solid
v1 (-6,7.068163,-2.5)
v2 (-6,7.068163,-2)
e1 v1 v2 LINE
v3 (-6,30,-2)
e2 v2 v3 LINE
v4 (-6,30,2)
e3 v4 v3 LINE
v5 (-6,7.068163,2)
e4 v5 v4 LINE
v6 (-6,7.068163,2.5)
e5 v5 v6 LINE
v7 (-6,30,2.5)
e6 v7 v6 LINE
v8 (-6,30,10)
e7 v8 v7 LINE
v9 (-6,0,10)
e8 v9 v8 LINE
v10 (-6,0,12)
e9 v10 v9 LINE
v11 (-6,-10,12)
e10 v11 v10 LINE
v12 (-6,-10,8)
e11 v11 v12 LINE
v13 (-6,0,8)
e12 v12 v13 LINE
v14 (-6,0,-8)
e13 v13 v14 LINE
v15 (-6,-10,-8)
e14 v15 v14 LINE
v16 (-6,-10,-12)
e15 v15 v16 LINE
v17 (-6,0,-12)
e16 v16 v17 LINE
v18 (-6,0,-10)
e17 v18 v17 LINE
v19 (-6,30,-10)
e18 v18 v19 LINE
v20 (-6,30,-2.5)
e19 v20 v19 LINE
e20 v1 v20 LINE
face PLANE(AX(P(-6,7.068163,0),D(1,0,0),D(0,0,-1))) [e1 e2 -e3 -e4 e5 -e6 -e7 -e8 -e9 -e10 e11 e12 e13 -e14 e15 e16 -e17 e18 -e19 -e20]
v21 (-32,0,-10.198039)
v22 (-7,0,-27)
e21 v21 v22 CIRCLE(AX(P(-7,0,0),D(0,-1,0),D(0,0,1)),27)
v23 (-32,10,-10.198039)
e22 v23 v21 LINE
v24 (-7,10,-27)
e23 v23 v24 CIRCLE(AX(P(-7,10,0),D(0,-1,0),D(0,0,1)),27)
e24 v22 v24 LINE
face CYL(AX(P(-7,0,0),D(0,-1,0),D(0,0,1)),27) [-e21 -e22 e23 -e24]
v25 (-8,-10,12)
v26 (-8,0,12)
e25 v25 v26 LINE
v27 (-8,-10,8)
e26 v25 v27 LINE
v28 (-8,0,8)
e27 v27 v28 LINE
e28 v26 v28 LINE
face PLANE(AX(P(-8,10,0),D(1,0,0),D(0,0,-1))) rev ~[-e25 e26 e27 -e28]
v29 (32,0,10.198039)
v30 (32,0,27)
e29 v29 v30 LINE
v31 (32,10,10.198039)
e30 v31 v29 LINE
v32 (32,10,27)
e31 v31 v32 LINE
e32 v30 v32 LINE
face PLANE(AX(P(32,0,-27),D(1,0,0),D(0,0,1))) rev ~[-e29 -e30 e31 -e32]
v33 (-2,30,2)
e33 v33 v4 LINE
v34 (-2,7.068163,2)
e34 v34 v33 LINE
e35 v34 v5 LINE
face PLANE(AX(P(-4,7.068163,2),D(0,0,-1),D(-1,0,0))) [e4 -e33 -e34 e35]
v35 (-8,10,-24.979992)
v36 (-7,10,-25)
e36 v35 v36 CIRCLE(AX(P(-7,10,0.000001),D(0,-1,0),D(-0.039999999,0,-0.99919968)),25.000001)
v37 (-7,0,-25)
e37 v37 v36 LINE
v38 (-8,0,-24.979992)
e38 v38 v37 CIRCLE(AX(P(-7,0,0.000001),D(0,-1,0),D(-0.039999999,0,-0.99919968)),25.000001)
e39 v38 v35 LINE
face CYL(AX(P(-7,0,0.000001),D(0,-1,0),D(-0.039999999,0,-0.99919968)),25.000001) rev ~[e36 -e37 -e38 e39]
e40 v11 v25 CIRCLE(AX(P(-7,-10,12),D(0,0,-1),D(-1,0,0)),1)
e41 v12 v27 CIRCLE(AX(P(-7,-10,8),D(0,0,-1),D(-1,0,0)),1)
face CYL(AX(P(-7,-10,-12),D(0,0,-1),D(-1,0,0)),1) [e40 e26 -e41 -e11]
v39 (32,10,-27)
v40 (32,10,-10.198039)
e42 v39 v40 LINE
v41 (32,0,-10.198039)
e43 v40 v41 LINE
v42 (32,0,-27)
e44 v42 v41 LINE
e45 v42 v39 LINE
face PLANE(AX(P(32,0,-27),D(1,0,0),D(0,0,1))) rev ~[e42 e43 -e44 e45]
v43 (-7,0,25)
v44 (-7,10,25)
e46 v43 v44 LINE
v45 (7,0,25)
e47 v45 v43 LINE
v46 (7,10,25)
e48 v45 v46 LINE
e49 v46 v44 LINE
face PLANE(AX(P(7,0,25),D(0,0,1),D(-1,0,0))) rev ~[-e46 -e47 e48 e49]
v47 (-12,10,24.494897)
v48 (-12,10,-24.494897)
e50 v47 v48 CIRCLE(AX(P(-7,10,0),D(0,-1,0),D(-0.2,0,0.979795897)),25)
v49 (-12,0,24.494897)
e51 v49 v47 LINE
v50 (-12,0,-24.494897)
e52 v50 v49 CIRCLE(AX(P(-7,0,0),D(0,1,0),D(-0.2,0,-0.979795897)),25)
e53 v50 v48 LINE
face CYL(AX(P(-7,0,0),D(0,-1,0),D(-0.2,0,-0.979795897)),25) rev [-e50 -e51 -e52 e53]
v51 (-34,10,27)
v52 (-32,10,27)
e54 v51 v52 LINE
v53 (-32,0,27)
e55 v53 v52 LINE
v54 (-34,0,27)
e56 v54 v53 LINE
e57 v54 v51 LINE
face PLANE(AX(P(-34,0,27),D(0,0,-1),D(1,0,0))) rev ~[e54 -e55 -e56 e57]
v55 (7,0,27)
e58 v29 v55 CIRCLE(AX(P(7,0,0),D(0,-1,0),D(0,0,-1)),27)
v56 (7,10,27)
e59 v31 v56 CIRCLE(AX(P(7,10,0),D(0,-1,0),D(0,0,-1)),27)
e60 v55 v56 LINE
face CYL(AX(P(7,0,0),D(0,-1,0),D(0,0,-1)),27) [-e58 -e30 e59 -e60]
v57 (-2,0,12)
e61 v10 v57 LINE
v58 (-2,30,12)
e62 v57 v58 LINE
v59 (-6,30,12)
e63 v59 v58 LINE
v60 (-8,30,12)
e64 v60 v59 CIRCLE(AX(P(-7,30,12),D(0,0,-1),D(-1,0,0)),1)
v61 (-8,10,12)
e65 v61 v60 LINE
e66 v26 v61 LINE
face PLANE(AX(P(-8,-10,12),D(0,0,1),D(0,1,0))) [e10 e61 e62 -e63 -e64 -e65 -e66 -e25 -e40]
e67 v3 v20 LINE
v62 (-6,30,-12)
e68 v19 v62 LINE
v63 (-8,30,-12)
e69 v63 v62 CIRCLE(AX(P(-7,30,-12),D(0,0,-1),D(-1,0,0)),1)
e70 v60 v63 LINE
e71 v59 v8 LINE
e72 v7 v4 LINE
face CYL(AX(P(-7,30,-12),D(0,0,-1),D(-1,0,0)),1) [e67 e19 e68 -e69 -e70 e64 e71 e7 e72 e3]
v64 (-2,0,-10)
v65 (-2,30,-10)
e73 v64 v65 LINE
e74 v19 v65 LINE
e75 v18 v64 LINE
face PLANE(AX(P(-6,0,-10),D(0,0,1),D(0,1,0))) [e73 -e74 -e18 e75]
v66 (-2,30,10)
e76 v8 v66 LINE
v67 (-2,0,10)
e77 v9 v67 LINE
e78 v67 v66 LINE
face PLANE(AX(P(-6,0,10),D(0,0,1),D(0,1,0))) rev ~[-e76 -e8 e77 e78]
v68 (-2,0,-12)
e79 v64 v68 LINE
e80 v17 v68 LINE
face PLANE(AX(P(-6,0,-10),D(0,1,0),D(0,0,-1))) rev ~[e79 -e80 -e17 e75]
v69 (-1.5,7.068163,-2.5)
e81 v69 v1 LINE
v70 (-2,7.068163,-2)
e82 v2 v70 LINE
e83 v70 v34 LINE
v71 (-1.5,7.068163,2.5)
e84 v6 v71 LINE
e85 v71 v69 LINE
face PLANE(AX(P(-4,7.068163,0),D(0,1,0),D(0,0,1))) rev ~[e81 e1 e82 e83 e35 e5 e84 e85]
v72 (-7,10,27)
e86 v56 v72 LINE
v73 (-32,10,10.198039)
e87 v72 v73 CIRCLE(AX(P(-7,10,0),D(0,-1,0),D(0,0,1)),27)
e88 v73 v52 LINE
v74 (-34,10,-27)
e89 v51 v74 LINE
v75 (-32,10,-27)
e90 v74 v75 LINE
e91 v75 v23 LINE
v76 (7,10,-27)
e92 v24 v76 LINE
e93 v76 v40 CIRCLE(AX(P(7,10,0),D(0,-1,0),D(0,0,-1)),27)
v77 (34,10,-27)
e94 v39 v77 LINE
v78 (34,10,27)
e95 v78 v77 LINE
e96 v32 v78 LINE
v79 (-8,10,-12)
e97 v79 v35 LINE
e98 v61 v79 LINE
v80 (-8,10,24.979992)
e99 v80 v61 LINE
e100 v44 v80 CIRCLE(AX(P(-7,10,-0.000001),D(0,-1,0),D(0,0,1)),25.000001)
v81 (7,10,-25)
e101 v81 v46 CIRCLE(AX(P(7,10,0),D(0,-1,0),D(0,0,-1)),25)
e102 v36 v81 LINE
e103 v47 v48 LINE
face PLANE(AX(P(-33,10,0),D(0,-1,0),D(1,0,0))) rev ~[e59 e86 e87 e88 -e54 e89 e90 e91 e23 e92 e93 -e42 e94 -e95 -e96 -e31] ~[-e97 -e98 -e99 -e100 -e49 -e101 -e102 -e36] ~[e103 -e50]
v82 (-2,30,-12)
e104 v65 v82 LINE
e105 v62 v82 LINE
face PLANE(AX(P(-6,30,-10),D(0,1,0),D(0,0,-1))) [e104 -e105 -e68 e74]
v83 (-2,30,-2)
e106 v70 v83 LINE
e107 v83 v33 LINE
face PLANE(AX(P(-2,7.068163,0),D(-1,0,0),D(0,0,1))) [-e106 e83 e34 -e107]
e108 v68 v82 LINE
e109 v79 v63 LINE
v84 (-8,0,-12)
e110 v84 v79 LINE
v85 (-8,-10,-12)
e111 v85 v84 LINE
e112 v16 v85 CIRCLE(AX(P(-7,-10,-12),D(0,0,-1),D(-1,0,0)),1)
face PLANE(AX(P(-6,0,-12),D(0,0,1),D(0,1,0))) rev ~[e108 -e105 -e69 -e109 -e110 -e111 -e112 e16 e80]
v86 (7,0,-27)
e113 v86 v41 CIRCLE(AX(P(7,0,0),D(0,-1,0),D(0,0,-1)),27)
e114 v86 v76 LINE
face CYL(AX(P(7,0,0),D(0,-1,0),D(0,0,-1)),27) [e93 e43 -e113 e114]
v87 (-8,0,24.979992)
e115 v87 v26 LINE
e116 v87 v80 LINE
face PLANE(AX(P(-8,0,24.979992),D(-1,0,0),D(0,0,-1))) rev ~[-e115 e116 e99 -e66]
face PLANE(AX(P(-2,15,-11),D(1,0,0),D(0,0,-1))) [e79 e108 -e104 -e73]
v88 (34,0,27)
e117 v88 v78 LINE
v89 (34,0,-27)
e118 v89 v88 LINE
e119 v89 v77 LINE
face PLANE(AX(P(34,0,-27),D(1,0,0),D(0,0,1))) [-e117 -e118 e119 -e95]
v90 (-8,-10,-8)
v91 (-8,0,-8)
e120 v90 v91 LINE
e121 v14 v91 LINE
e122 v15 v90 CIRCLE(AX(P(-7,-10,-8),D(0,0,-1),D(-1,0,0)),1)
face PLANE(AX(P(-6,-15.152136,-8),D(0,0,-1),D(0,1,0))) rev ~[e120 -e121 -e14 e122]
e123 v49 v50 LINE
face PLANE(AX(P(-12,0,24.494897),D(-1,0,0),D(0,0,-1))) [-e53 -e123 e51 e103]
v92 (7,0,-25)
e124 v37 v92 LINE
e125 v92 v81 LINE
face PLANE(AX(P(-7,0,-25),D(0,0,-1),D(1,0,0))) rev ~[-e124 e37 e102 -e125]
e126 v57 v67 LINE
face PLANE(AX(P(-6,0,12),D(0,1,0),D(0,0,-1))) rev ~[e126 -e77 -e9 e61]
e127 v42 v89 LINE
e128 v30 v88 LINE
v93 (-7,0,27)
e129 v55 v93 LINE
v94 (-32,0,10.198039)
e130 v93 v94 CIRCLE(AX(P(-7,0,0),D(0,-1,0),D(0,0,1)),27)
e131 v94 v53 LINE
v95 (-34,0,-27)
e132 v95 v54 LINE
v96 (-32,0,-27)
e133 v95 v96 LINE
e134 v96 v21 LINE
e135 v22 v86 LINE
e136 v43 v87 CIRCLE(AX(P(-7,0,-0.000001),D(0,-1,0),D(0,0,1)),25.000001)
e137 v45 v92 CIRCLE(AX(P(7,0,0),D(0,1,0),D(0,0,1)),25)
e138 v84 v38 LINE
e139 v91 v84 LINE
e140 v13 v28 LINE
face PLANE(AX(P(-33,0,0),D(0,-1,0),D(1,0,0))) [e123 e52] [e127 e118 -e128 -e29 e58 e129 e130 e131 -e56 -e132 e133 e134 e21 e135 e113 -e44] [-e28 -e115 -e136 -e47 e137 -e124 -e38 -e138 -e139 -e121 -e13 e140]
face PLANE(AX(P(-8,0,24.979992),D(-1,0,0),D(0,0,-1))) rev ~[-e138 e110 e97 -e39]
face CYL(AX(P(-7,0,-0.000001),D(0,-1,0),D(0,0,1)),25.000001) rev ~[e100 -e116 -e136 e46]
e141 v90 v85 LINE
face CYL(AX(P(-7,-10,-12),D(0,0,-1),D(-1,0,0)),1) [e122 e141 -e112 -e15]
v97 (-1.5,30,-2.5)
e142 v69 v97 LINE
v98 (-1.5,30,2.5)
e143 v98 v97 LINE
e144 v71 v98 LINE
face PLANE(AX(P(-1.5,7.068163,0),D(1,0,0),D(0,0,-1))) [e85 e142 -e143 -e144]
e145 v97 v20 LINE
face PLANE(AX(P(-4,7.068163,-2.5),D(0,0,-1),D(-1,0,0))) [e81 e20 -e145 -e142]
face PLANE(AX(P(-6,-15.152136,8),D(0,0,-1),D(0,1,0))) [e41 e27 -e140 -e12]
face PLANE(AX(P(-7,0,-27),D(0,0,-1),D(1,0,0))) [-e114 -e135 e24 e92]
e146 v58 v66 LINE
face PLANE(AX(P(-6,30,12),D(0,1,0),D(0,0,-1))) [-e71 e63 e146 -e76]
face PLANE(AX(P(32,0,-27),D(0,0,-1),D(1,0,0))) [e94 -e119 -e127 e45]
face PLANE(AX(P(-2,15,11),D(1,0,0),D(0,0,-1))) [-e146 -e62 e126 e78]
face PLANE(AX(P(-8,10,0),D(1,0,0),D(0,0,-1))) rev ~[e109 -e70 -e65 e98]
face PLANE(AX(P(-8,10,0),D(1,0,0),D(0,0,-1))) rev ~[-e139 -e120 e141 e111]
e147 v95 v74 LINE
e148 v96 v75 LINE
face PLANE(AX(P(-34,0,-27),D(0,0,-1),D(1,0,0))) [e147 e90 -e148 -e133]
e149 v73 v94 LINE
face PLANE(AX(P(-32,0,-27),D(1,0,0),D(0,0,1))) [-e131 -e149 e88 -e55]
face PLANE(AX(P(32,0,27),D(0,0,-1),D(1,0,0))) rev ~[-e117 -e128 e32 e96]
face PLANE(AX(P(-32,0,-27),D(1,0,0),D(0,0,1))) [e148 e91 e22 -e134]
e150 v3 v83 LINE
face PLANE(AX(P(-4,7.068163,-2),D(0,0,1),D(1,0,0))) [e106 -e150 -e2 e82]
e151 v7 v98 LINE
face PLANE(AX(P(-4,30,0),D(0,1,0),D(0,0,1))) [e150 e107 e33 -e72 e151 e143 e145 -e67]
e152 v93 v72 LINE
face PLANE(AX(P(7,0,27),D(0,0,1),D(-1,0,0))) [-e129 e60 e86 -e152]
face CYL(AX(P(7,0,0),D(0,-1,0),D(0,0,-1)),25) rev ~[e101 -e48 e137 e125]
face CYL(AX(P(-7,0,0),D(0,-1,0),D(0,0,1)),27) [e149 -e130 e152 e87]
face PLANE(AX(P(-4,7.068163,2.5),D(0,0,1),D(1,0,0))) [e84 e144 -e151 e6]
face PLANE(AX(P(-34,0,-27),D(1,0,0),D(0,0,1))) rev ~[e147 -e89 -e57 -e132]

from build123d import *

# Parameters (mm, degrees)
EXTRUDE_1_DEPTH     = 10
SKETCH_9_W          = 24
SKETCH_9_H          = 40
EXTRUDE_5_DEPTH     = 2
SKETCH_10_R         = 1
EXTRUDE_6_DEPTH     = 24
SKETCH_11_W         = 16
SKETCH_11_H         = 15.152135862
CUT_EXTRUDE_2_DEPTH = 24
SKETCH_12_W         = 2
SKETCH_12_H         = 30
EXTRUDE_7_DEPTH     = 4
SKETCH_13_W         = 5
SKETCH_13_H         = 5
SKETCH_13_W_2       = 4
SKETCH_13_H_2       = 4
SKETCH_15_W         = 2
SKETCH_15_H         = 54
EXTRUDE_8_DEPTH     = 10


with BuildPart() as part:
    # 草图2 → 凸台-拉伸1 (new body)
    with BuildSketch(Plane(origin=(0, 0, 0), x_dir=(1, 0, 0), z_dir=(0, 1, 0))):
        with BuildLine():
            Line((-7, 27), (7, 27))
            ThreePointArc((7, 27), (34, 0), (7, -27))
            Line((7, -27), (-7, -27))
            ThreePointArc((-7, -27), (-34, 0), (-7, 27))
        make_face()
        with BuildLine():
            Line((-7, 25), (7, 25))
            ThreePointArc((7, 25), (32, 0), (7, -25))
            Line((7, -25), (-7, -25))
            ThreePointArc((-7, -25), (-7.50010007, -24.994997498), (-8, -24.979991994))
            Line((-8, -24.979991994), (-8, 24.979991994))
            ThreePointArc((-8, 24.979991994), (-7.50010007, 24.994997498), (-7, 25))
        make_face(mode=Mode.SUBTRACT)
        with BuildLine():
            Line((-12, -24.494897428), (-12, 24.494897428))
            ThreePointArc((-12, 24.494897428), (-32, 0), (-12, -24.494897428))
        make_face(mode=Mode.SUBTRACT)
    extrude(amount=EXTRUDE_1_DEPTH)

    # 草图9 → 凸台-拉伸5 (add)
    with BuildSketch(Plane(origin=(-8, 0, 0), x_dir=(0, 0, -1), z_dir=(1, 0, 0))):
        with Locations((0, 10)):
            Rectangle(SKETCH_9_W, SKETCH_9_H)
    extrude(amount=EXTRUDE_5_DEPTH)

    # 草图10 → 凸台-拉伸6 (add)
    with BuildSketch(Plane(origin=(0, 0, -12), x_dir=(-1, 0, 0), z_dir=(0, 0, -1))):
        with Locations((7, 30)):
            Circle(SKETCH_10_R)
        with Locations((7, -10)):
            Circle(SKETCH_10_R)
    extrude(amount=-EXTRUDE_6_DEPTH)

    # 草图11 → 切除-拉伸2 (cut)
    with BuildSketch(Plane(origin=(-6, 0, 0), x_dir=(0, 0, -1), z_dir=(1, 0, 0))):
        with Locations((0, -7.576067931)):
            Rectangle(SKETCH_11_W, SKETCH_11_H)
    extrude(amount=-CUT_EXTRUDE_2_DEPTH, mode=Mode.SUBTRACT)

    # 草图12 → 凸台-拉伸7 (add)
    with BuildSketch(Plane(origin=(-6, 0, 0), x_dir=(0, 0, -1), z_dir=(1, 0, 0))):
        with Locations((11, 15)):
            Rectangle(SKETCH_12_W, SKETCH_12_H)
        with Locations((-11, 15)):
            Rectangle(SKETCH_12_W, SKETCH_12_H)
    extrude(amount=EXTRUDE_7_DEPTH)

    # 扫描3: sweep along a path in 草图14
    with BuildLine(Plane(origin=(-6, 0, 0), x_dir=(0, 0, -1), z_dir=(1, 0, 0))) as sweep_3_path:
        Line((-2, 7.068163289), (-2, 30))
    # 草图13 → 扫描3 (sweep)
    with BuildSketch(Plane(origin=(0, 30, 0), x_dir=(1, 0, 0), z_dir=(0, 1, 0))):
        with Locations((-4, 0)):
            Rectangle(SKETCH_13_W, SKETCH_13_H)
        with Locations((-4, 0)):
            Rectangle(SKETCH_13_W_2, SKETCH_13_H_2, mode=Mode.SUBTRACT)
    sweep(path=sweep_3_path.line)

    # 草图15 → 凸台-拉伸8 (add)
    with BuildSketch(Plane.XZ):
        with Locations((-33, 0)):
            Rectangle(SKETCH_15_W, SKETCH_15_H)
        with Locations((33, 0)):
            Rectangle(SKETCH_15_W, SKETCH_15_H)
    extrude(amount=-EXTRUDE_8_DEPTH)


solid = part.part
